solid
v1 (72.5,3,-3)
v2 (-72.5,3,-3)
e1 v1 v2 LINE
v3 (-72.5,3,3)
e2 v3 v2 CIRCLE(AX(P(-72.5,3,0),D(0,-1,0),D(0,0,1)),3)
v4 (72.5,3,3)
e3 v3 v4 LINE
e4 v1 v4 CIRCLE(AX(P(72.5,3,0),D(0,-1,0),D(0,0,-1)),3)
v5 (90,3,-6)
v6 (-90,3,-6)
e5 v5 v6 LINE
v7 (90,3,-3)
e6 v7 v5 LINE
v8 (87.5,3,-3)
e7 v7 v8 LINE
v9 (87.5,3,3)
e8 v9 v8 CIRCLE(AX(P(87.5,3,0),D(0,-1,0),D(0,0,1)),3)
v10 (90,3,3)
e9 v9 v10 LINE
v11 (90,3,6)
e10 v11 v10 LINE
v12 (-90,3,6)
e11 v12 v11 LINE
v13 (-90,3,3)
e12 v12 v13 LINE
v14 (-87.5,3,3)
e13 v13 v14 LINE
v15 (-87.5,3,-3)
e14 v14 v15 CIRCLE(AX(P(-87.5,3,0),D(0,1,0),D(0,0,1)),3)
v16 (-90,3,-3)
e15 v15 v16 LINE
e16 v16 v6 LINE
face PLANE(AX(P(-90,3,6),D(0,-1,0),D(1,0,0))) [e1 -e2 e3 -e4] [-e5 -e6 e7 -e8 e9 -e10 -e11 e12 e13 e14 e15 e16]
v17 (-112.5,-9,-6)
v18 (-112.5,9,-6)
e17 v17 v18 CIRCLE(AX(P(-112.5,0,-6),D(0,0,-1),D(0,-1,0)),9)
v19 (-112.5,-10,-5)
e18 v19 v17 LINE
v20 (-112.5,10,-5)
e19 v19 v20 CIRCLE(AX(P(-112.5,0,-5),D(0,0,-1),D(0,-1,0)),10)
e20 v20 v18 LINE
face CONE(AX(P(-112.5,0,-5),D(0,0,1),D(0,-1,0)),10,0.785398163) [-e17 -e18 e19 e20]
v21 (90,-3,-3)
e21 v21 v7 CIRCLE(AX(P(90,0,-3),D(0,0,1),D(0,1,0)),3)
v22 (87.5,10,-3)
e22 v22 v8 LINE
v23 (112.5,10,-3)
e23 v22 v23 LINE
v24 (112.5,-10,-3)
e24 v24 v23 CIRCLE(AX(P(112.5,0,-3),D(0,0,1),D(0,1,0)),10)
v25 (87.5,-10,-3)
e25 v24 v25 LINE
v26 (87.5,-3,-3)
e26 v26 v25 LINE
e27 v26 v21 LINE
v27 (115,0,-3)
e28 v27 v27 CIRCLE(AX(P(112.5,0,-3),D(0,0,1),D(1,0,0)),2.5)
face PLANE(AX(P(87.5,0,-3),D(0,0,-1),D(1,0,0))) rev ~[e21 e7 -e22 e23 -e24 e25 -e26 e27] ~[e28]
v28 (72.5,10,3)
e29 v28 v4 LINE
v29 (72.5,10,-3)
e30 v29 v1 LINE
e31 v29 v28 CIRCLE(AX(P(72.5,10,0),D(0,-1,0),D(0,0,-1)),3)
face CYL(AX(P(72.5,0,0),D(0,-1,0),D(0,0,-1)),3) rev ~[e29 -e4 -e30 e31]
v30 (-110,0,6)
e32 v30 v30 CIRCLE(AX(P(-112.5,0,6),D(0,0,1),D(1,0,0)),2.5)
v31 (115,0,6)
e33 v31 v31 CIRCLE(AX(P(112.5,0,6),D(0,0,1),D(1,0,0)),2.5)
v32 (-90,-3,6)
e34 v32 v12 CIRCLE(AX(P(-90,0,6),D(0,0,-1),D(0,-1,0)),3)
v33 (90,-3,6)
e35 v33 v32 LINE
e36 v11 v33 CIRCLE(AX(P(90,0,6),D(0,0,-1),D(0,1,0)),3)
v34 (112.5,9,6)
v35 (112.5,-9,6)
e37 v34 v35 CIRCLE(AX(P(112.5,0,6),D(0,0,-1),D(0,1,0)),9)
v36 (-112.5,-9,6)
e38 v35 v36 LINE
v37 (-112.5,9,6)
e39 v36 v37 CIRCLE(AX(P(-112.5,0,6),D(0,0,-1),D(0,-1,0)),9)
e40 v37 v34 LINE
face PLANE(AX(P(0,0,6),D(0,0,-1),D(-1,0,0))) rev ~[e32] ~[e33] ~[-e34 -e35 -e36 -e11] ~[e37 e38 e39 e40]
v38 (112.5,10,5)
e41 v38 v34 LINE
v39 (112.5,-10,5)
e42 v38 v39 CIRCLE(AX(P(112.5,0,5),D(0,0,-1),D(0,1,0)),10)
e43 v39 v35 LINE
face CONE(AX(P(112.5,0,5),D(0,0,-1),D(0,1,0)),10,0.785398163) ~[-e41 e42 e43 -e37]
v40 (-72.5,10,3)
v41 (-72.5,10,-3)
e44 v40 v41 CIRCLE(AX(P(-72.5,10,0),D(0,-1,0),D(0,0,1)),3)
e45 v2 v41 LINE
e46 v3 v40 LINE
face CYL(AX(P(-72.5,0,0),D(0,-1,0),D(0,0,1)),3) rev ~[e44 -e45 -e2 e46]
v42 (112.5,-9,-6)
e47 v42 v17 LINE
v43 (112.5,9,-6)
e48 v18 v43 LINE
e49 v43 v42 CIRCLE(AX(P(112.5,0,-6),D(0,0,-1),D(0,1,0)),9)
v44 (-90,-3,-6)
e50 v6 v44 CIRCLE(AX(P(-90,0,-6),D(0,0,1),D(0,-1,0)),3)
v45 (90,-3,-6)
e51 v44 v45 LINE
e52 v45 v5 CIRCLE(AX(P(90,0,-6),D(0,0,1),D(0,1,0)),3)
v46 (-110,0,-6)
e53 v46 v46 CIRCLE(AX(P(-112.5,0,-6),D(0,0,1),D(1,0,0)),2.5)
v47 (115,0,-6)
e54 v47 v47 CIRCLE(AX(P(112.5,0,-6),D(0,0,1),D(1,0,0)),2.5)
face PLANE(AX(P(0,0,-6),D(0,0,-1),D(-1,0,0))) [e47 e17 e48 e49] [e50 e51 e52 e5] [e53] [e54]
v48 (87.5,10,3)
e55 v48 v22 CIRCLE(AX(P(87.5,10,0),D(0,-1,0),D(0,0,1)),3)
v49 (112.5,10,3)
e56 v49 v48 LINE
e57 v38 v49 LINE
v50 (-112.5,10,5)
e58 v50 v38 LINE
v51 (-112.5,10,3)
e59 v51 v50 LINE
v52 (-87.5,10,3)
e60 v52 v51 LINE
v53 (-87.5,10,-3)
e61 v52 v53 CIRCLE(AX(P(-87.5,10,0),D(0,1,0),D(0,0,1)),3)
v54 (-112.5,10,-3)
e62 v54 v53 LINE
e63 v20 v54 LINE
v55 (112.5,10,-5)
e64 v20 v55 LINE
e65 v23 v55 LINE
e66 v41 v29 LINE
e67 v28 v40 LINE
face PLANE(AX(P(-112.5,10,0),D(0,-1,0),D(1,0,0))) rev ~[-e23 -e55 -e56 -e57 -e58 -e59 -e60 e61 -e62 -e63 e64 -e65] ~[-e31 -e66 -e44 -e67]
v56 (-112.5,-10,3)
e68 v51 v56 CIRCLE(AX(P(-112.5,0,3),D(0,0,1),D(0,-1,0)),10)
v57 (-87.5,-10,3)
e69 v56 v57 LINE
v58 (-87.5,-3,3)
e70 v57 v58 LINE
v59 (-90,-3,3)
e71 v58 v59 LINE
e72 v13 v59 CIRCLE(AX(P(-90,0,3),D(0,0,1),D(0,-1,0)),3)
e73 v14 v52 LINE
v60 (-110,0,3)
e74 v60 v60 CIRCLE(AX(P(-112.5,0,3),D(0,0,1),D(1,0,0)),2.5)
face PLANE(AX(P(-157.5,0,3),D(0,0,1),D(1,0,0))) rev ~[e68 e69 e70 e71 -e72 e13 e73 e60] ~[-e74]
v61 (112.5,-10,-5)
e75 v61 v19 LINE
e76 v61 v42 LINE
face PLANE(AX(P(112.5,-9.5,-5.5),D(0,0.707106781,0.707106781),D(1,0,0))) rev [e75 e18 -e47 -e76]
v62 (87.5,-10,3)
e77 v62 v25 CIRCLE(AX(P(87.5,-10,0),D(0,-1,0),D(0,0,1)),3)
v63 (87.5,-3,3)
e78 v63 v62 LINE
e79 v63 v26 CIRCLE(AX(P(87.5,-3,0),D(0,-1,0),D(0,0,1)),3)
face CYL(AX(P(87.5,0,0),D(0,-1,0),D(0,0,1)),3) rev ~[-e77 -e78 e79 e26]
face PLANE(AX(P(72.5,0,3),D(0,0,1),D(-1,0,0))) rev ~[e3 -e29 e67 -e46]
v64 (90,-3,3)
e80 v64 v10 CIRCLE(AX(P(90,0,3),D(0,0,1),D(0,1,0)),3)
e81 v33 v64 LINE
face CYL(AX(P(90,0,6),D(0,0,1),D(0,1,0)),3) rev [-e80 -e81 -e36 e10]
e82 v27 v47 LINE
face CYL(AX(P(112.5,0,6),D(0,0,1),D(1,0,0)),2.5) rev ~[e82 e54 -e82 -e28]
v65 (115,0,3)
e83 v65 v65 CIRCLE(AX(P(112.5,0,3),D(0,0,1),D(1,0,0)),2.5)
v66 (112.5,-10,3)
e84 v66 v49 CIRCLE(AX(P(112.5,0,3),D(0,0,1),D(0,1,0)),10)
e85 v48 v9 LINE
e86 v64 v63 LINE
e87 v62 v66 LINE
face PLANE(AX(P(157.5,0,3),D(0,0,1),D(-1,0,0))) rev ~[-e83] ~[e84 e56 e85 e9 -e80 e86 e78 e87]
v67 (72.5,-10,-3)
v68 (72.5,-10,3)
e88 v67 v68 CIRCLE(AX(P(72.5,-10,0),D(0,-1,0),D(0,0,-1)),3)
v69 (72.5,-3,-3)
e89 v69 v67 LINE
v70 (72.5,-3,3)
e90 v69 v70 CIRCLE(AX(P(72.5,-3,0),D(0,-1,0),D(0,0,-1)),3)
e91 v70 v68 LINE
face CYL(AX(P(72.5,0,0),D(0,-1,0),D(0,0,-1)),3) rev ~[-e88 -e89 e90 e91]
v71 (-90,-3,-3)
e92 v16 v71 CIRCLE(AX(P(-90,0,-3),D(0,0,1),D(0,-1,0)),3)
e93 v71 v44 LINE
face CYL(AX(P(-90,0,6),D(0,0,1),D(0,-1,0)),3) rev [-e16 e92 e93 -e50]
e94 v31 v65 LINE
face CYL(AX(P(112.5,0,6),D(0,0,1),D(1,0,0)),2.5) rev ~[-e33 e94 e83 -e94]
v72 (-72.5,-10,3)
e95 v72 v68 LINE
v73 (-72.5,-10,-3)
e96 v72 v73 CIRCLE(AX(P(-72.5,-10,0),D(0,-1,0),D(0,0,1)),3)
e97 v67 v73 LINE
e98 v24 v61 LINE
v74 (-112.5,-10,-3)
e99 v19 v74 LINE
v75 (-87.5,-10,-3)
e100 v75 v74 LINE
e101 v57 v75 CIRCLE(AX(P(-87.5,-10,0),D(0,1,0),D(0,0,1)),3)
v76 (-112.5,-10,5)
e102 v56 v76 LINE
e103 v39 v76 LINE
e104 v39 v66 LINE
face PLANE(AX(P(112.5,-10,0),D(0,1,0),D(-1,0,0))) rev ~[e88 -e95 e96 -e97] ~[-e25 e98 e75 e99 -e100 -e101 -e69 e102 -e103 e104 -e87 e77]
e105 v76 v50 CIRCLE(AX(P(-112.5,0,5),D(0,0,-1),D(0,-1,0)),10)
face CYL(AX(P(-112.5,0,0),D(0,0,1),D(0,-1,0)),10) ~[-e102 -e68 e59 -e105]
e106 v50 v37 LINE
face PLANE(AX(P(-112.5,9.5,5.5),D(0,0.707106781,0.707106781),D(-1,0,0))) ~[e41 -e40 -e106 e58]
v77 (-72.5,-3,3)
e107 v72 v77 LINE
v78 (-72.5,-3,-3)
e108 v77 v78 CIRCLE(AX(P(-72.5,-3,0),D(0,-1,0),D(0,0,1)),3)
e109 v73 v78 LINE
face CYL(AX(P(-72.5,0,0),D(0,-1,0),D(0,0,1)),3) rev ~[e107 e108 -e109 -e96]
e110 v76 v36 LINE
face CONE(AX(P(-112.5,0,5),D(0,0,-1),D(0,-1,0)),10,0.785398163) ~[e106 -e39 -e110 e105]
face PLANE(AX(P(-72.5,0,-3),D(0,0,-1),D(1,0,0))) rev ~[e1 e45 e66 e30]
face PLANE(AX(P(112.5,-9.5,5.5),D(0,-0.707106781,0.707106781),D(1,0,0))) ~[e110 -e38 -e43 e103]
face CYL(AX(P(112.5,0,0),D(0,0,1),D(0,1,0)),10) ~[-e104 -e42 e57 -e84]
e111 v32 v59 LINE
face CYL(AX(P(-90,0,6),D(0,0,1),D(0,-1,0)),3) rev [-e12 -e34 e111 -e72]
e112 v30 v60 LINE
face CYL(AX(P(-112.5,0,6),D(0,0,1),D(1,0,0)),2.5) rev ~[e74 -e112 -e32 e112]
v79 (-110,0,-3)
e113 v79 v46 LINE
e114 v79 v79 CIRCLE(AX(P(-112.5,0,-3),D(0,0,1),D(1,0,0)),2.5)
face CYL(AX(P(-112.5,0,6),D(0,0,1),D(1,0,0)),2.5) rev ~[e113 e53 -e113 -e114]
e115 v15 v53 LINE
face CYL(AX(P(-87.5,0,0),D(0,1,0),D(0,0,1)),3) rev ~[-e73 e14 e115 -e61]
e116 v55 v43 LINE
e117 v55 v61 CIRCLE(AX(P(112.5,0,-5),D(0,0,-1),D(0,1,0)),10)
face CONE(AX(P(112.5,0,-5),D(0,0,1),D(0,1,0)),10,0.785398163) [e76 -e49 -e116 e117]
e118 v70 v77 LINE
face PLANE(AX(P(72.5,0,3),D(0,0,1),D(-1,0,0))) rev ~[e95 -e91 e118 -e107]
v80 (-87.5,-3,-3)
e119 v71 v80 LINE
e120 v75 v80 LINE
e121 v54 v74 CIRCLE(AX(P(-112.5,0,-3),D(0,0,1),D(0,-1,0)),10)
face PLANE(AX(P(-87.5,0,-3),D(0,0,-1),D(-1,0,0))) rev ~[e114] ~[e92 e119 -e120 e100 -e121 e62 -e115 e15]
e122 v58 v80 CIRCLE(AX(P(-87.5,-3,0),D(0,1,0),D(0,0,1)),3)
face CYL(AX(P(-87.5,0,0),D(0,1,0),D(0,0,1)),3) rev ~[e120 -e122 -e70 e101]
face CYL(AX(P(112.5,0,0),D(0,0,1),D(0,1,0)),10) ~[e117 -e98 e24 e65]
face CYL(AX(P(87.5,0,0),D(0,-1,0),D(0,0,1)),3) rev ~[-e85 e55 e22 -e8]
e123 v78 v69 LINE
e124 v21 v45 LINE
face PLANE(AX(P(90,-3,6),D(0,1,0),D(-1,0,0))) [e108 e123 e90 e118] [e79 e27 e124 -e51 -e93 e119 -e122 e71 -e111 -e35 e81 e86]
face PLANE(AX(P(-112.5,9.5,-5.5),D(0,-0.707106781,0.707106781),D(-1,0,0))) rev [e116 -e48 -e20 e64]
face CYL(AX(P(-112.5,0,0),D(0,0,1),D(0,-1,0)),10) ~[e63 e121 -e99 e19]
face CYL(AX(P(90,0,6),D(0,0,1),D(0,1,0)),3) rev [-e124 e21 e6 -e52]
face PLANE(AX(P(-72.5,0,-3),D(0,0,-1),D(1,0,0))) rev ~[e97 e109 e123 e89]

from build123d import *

# Parameters (mm, degrees)
BOSS_EXTRUDE1_DEPTH = 6
CUT_EXTRUDE1_DEPTH  = 51
SKETCH4_R           = 2.5
CUT_EXTRUDE2_DEPTH  = 102
CHAMFER1_SIZE       = 1


with BuildPart() as part:
    # Sketch2 → Boss-Extrude1 (new, symmetric)
    with BuildSketch(Plane.XY):
        with BuildLine():
            Line((-112.5, 10), (112.5, 10))
            ThreePointArc((112.5, 10), (122.5, 0), (112.5, -10))
            Line((112.5, -10), (-112.5, -10))
            ThreePointArc((-112.5, -10), (-122.5, 0), (-112.5, 10))
        make_face()
    extrude(amount=BOSS_EXTRUDE1_DEPTH, both=True)

    # Sketch3 → Cut-Extrude1 (cut, symmetric)
    with BuildSketch(Plane(origin=(0, 0, 0), x_dir=(1, 0, 0), z_dir=(0, 1, 0))):
        with BuildLine():
            Line((-72.5, 3), (72.5, 3))
            ThreePointArc((72.5, 3), (75.5, 0), (72.5, -3))
            Line((72.5, -3), (-72.5, -3))
            ThreePointArc((-72.5, -3), (-75.5, 0), (-72.5, 3))
        make_face()
        with BuildLine():
            Line((157.5, -3), (87.5, -3))
            ThreePointArc((87.5, -3), (84.5, 0), (87.5, 3))
            Line((87.5, 3), (157.5, 3))
            ThreePointArc((157.5, 3), (160.5, 0), (157.5, -3))
        make_face()
        with BuildLine():
            Line((-157.5, -3), (-87.5, -3))
            ThreePointArc((-87.5, -3), (-84.5, 0), (-87.5, 3))
            Line((-87.5, 3), (-157.5, 3))
            ThreePointArc((-157.5, 3), (-160.5, 0), (-157.5, -3))
        make_face()
    extrude(amount=CUT_EXTRUDE1_DEPTH, both=True, mode=Mode.SUBTRACT)

    # Sketch4 → Cut-Extrude2 (cut)
    with BuildSketch(Plane.XY.offset(6)):
        with Locations((112.5, 0)):
            Circle(SKETCH4_R)
        with Locations((-112.5, 0)):
            Circle(SKETCH4_R)
        with BuildLine():
            Line((-90, 3), (90, 3))
            ThreePointArc((90, 3), (93, 0), (90, -3))
            Line((90, -3), (-90, -3))
            ThreePointArc((-90, -3), (-93, 0), (-90, 3))
        make_face()
    extrude(amount=-CUT_EXTRUDE2_DEPTH, mode=Mode.SUBTRACT)

    # Chamfer1
    chamfer1_edges = [part.edges().sort_by_distance(p)[0] for p in [
        (122.5, 0, -6),
        (0, 10, -6),
        (-122.5, 0, -6),
        (0, 10, 6),
        (122.5, 0, 6),
        (0, -10, 6),
        (-122.5, 0, 6),
        (0, -10, -6),
    ]]
    chamfer(chamfer1_edges, length=CHAMFER1_SIZE)


solid = part.part
